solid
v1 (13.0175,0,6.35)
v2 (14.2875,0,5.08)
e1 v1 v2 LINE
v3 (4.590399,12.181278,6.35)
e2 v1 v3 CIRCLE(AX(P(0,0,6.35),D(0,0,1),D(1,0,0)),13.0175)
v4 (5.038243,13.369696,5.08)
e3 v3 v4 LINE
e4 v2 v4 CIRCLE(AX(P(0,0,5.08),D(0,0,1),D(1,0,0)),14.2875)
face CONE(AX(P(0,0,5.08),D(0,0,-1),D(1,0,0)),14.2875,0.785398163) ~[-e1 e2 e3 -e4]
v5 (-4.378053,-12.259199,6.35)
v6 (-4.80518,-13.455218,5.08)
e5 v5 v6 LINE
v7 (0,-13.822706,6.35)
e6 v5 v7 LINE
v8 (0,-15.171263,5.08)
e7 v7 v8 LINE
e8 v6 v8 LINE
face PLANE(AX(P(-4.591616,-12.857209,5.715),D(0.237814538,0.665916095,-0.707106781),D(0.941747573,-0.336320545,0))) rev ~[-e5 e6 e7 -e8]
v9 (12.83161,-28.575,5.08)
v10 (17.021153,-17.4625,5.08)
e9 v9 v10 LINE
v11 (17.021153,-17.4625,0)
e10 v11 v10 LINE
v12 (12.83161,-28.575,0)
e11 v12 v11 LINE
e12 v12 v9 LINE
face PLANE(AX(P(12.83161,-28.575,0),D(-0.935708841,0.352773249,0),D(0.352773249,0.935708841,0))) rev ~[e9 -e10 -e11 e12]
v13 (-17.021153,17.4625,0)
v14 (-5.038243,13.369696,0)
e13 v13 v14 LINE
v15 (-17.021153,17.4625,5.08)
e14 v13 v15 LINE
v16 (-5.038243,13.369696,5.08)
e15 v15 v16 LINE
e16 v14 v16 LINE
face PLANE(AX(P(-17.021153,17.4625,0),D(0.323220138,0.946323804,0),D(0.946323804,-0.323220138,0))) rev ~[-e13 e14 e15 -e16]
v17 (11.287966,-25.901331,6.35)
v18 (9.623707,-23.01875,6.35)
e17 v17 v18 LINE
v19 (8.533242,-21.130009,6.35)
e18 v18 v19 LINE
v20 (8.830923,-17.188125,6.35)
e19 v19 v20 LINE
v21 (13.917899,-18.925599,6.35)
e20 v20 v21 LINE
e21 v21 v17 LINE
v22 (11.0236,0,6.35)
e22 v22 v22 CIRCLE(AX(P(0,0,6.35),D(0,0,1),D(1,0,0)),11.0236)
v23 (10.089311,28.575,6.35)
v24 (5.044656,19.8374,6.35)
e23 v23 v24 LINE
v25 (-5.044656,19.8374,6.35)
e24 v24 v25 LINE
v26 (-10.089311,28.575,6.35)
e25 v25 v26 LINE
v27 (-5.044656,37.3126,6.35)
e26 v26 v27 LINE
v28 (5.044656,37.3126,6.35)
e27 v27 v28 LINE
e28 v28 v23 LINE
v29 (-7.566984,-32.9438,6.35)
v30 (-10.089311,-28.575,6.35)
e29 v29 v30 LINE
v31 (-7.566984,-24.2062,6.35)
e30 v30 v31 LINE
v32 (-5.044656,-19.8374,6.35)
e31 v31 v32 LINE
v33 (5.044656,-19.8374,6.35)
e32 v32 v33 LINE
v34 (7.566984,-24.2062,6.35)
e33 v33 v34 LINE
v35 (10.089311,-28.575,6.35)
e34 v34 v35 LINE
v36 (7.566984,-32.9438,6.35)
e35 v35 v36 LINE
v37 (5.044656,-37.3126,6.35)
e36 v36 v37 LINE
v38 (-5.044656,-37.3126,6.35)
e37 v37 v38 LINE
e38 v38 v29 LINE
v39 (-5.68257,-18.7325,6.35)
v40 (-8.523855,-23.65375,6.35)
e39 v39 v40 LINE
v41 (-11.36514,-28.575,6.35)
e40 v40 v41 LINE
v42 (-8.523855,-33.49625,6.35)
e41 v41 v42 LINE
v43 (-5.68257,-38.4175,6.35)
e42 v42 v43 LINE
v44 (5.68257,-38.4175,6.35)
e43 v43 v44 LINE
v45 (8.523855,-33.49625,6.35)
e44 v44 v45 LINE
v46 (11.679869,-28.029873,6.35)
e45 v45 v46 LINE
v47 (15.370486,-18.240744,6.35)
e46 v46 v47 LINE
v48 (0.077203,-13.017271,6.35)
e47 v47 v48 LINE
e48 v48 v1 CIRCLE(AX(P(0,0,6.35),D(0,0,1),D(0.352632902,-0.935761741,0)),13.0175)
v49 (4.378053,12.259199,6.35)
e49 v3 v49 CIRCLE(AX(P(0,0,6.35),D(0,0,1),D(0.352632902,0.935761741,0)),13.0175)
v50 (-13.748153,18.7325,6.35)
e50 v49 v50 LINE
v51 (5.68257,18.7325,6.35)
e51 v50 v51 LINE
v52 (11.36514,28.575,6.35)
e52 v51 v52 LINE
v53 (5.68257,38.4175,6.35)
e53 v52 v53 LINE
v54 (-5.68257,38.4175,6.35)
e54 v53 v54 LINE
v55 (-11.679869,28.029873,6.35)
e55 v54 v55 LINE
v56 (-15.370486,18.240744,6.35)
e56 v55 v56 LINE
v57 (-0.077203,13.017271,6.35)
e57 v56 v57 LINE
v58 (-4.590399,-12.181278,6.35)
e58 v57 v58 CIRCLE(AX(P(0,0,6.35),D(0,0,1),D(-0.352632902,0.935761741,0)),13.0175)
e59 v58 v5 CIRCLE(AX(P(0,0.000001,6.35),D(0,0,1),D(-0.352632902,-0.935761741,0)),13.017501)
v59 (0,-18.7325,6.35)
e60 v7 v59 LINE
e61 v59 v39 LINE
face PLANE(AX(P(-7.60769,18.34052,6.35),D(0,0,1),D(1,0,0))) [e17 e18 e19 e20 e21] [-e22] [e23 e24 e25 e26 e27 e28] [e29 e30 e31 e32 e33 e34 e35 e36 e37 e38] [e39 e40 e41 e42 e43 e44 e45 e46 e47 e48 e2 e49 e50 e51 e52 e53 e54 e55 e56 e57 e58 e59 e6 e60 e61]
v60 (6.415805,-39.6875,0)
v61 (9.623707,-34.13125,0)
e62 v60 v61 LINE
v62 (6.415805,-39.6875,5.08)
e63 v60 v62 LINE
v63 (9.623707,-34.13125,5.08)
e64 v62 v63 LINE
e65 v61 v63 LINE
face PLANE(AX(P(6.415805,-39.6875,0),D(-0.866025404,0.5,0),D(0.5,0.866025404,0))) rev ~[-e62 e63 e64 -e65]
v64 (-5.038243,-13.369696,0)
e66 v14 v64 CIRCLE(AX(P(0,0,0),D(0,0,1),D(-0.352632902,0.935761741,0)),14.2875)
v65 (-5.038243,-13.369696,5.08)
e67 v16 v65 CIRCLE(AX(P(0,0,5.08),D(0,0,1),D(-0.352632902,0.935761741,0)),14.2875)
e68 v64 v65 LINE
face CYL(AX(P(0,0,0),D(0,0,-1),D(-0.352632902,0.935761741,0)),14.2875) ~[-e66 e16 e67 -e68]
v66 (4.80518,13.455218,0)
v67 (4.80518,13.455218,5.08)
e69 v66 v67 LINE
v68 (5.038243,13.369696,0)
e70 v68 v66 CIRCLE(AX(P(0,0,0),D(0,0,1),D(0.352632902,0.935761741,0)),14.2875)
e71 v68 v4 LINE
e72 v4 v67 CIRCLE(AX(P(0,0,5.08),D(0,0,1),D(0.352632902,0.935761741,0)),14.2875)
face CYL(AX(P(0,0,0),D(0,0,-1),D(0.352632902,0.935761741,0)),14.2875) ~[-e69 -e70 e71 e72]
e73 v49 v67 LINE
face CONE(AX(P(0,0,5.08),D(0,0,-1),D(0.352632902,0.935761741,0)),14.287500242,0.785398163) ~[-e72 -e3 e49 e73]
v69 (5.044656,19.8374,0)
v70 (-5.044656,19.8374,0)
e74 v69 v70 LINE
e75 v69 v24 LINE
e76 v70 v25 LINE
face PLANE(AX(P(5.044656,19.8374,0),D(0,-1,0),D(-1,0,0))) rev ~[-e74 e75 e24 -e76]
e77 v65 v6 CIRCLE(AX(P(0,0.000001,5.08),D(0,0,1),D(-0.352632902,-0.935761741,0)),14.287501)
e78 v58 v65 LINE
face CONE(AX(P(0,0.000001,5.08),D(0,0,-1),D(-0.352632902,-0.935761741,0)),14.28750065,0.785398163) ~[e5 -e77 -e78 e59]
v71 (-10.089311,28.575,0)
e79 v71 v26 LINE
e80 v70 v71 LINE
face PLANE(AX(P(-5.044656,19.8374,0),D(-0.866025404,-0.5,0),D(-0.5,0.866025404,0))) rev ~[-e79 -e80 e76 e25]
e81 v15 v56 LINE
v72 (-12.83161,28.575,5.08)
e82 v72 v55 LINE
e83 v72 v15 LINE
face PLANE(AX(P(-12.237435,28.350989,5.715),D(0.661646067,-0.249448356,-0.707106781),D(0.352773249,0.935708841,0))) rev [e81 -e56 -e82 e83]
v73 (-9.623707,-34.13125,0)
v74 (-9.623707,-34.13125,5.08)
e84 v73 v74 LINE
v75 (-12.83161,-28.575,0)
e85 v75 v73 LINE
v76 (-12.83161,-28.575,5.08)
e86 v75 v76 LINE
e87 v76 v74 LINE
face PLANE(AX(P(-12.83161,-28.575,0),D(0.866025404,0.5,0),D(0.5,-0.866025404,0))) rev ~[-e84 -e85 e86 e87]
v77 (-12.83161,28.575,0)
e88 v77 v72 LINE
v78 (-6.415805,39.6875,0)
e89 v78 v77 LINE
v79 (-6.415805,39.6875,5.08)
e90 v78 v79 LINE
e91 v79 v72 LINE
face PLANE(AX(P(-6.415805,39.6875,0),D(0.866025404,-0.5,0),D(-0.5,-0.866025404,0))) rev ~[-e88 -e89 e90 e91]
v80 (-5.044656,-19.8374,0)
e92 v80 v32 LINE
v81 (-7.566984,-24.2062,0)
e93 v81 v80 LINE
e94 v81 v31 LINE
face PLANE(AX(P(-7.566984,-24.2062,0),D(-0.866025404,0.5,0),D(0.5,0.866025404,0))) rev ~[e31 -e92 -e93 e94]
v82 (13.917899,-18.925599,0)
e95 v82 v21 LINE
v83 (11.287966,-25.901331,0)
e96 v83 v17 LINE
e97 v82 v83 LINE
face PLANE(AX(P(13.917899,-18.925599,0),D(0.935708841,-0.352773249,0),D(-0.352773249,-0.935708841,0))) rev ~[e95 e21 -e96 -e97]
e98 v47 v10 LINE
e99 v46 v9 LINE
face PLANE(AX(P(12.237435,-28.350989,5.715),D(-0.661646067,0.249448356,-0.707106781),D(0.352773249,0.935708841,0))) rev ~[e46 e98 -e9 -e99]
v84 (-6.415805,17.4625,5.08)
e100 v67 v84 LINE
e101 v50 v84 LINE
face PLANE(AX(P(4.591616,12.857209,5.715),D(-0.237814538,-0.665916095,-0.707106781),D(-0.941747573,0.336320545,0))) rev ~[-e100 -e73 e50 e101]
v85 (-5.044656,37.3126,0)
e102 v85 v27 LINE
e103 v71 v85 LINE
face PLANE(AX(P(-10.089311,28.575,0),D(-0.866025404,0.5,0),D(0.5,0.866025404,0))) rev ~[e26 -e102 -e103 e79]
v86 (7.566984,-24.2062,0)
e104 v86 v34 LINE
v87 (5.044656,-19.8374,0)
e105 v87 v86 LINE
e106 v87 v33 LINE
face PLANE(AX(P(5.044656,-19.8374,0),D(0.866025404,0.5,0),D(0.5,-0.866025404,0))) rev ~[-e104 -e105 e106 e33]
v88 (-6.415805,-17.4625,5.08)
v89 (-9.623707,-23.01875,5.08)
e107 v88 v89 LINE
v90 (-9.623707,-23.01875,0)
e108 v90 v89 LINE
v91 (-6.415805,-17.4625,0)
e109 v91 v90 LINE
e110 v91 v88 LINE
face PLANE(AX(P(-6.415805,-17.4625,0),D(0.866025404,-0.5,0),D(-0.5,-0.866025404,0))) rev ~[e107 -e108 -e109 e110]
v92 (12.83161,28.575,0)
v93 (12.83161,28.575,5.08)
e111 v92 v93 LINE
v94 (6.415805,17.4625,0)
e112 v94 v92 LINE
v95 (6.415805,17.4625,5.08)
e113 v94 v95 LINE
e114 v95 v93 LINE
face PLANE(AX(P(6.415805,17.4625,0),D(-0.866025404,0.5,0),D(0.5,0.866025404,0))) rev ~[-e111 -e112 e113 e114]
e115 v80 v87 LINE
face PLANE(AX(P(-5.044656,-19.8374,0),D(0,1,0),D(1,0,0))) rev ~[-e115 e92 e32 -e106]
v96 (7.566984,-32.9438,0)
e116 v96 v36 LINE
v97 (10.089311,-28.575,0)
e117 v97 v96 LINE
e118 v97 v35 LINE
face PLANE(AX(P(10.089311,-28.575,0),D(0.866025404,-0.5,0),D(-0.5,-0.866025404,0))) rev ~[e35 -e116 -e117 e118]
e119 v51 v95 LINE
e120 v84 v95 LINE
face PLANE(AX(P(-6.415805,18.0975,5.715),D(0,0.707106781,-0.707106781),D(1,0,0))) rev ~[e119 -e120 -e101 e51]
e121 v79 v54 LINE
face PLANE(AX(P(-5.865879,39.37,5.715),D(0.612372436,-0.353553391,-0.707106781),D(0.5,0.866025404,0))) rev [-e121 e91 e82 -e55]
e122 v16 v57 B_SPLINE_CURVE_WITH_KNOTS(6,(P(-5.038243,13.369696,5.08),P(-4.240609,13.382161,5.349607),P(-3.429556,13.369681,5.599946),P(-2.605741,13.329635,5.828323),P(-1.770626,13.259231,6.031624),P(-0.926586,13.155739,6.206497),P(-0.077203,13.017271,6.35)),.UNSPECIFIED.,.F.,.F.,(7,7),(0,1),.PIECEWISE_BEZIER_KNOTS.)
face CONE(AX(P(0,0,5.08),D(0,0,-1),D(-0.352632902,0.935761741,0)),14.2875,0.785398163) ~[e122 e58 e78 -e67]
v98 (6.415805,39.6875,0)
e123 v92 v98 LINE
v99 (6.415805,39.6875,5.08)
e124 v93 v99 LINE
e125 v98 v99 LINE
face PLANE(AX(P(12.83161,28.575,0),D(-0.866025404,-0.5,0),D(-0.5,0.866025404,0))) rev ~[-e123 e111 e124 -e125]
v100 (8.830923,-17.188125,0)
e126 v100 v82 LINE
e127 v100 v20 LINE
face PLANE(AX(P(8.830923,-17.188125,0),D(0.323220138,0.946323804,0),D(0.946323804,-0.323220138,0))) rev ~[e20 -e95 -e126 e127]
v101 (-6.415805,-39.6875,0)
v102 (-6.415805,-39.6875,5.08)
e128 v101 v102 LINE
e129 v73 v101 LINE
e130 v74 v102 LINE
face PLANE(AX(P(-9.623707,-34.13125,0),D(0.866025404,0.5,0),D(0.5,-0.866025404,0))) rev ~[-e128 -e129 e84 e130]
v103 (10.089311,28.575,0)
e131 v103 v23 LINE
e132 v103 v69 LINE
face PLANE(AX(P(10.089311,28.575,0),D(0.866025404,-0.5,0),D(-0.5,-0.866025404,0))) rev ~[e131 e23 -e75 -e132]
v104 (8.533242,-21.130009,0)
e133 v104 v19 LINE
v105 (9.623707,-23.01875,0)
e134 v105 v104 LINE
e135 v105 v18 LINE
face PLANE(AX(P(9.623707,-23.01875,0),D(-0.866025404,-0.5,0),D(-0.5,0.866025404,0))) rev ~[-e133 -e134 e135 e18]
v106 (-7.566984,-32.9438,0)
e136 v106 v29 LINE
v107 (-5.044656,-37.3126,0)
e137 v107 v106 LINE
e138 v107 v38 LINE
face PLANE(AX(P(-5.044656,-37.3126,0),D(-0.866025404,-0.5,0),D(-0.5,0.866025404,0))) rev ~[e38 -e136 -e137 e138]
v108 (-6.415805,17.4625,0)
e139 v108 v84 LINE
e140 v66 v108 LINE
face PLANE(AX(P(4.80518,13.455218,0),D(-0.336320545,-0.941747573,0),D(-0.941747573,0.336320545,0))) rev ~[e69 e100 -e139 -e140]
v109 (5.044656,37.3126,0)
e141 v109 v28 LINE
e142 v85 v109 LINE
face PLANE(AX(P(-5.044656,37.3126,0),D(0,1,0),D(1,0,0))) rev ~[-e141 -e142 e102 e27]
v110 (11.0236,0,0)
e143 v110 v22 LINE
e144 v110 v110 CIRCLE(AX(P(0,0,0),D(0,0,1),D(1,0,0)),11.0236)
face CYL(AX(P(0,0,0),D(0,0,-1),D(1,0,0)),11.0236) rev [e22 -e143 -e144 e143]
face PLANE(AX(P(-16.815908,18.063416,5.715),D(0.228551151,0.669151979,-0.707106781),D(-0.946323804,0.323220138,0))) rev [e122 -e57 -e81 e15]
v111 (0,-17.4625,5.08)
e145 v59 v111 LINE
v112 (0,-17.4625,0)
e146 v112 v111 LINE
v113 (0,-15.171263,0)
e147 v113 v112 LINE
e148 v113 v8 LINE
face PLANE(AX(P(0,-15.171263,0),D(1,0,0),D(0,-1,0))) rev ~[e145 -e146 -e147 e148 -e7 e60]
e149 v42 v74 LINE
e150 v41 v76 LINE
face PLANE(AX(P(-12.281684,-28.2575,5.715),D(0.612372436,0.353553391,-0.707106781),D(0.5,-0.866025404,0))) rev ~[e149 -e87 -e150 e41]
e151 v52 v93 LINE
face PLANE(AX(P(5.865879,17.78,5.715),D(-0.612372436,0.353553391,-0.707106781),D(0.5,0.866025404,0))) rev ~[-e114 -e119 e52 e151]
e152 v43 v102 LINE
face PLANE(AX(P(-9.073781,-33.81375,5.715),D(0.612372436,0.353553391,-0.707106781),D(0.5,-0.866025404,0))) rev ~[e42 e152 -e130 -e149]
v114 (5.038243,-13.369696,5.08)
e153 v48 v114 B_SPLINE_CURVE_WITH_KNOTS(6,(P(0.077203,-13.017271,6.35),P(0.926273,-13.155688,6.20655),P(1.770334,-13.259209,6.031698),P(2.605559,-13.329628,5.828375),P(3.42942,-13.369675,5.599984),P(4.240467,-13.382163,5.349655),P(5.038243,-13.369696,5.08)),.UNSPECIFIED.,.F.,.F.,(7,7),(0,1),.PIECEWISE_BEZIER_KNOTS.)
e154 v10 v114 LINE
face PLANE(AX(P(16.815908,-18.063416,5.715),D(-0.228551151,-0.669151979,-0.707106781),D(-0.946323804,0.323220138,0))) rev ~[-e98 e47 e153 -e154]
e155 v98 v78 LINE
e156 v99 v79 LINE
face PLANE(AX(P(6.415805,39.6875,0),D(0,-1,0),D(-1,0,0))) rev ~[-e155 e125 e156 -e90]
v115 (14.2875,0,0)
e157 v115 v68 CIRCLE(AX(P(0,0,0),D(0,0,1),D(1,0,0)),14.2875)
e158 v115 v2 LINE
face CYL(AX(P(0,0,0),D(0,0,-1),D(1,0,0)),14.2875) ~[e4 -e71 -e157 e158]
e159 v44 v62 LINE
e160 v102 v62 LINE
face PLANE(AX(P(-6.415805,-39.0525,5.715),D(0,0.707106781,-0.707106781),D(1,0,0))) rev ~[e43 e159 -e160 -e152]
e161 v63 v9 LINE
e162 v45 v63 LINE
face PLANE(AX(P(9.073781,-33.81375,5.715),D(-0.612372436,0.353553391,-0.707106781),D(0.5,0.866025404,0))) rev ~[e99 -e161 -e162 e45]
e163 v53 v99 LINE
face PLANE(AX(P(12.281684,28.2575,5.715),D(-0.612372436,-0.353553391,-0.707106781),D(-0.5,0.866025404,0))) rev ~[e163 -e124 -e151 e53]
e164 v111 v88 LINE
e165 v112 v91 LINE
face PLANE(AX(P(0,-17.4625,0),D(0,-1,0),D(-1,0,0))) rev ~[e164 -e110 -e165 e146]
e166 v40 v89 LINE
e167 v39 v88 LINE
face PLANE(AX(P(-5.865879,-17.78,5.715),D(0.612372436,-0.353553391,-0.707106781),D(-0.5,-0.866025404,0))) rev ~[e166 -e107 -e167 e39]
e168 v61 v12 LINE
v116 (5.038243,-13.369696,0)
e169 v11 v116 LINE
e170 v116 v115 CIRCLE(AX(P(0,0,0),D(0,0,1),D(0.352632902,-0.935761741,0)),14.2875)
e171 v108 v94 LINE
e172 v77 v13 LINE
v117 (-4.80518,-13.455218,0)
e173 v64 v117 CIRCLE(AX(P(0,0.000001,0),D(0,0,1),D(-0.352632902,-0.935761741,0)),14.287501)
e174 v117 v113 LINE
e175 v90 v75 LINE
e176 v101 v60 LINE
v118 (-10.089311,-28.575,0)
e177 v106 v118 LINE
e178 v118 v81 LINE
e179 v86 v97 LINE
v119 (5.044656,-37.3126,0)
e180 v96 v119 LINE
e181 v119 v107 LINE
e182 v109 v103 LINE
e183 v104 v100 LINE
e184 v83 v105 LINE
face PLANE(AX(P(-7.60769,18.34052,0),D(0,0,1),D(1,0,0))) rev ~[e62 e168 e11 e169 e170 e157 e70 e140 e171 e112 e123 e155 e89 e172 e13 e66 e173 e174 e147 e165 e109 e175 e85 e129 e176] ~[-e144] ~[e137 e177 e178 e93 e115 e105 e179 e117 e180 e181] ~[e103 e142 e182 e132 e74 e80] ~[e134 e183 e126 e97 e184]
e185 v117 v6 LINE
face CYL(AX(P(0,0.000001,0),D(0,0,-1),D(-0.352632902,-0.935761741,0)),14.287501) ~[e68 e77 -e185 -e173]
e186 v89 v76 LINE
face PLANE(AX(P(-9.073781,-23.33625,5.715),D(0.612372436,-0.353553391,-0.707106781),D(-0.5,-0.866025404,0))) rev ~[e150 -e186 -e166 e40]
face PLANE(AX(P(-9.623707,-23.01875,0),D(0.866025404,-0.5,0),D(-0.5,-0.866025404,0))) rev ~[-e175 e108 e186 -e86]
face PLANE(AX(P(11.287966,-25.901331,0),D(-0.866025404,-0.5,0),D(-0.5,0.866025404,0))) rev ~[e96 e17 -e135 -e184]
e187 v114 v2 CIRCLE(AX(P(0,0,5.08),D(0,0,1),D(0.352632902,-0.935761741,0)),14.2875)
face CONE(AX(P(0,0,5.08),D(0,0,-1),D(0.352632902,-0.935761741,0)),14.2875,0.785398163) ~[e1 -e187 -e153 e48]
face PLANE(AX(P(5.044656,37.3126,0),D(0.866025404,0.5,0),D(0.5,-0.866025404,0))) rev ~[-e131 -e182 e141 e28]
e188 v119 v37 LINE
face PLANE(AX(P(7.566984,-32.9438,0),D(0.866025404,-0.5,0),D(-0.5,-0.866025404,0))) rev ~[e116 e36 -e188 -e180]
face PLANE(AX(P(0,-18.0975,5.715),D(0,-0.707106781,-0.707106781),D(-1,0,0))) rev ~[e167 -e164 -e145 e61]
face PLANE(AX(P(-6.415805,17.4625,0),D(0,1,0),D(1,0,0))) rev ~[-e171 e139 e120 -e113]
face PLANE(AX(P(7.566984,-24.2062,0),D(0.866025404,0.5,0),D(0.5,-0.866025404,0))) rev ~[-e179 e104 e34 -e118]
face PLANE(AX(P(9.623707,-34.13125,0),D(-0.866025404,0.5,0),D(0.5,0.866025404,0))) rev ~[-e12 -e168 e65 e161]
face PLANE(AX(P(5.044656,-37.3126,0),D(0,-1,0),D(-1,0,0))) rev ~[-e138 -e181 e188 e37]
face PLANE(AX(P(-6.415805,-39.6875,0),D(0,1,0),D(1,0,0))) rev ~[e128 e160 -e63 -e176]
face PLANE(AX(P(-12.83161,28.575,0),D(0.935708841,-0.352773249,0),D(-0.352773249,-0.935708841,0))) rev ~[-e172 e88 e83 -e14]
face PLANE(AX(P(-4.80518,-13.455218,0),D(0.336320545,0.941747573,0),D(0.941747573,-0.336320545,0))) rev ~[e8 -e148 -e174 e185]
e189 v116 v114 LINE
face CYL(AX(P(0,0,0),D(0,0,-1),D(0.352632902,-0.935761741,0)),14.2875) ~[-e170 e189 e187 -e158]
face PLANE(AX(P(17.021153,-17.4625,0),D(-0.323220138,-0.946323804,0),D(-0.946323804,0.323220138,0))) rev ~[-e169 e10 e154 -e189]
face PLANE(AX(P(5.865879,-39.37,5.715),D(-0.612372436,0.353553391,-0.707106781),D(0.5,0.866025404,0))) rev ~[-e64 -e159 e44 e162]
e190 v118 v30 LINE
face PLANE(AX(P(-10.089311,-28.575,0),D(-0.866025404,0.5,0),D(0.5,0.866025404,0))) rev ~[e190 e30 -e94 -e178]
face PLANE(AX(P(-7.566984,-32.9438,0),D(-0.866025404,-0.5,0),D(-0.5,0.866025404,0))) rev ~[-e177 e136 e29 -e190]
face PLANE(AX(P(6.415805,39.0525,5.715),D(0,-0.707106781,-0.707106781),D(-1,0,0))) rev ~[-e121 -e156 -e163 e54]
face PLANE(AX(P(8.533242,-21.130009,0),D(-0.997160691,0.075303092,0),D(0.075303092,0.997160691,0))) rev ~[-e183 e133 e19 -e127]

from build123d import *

# Parameters (mm, degrees)
F2_DEPTH = 6.35
F1_R     = 11.0236
F3_DEPTH = 6.35
F4_SIZE  = 1.27


with BuildPart() as f2:
    # F0 (on Top) → F2 (new body)
    with BuildSketch(Plane.XY):
        Polygon((-6.4158048664, 17.4625), (6.4158048664, 17.4625), (12.8316097327, 28.575), (6.4158048664, 39.6875), (-6.4158048664, 39.6875), (-12.8316097327, 28.575), align=None)
        Polygon((10.0893114241, 28.575), (5.0446557121, 19.8374), (-5.0446557121, 19.8374), (-10.0893114241, 28.575), (-5.0446557121, 37.3126), (5.0446557121, 37.3126), align=None, mode=Mode.SUBTRACT)
    extrude(amount=F2_DEPTH)

    # F1 (on face) → F3 (join)
    with BuildSketch(Plane.XY):
        with BuildLine():
            Line((-6.4158048664, 17.4625), (-9.6237072152, 23.0187498538))
            Line((-9.6237072152, 23.0187498538), (-12.8316097327, 28.575))
            Line((-12.8316097327, 28.575), (-17.0211530549, 17.4625))
            Line((-17.0211530549, 17.4625), (-5.038242593, 13.3696958763))
            ThreePointArc((-5.038242593, 13.3696958763), (-0.124129265, 14.2869607746), (4.8051799463, 13.4552183904))
            Line((4.8051799463, 13.4552183904), (-6.4158048664, 17.4625))
        make_face()
        with BuildLine():
            ThreePointArc((5.038242593, 13.3696958763), (4.9218970272, 13.4129633528), (4.8051799463, 13.4552183904))
            ThreePointArc((4.8051799463, 13.4552183904), (-0.124129265, 14.2869607746), (-5.038242593, 13.3696958763))
            Line((-5.038242593, 13.3696958763), (5.038242593, 13.3696958763))
        make_face()
        with BuildLine():
            Line((5.038242593, 13.3696958763), (-5.038242593, 13.3696958763))
            ThreePointArc((-5.038242593, 13.3696958763), (-14.2875, 0), (-5.038242593, -13.3696958763))
            Line((-5.038242593, -13.3696958763), (5.038242593, -13.3696958763))
            ThreePointArc((5.038242593, -13.3696958763), (11.7498201539, -8.1286150482), (14.2875, 0))
            ThreePointArc((14.2875, 0), (11.7498201539, 8.1286150482), (5.038242593, 13.3696958763))
        make_face()
        Circle(F1_R, mode=Mode.SUBTRACT)
        with BuildLine():
            Line((5.038242593, -13.3696958763), (-5.038242593, -13.3696958763))
            ThreePointArc((-5.038242593, -13.3696958763), (-4.9218969503, -13.412963381), (-4.805179792, -13.4552184455))
            ThreePointArc((-4.805179792, -13.4552184455), (0.1241293469, -14.2869607739), (5.038242593, -13.3696958763))
        make_face()
        with BuildLine():
            ThreePointArc((5.038242593, -13.3696958763), (0.1241293469, -14.2869607739), (-4.805179792, -13.4552184455))
            Line((-4.805179792, -13.4552184455), (0, -15.1712628866))
            Line((0, -15.1712628866), (6.4158048664, -17.4625))
            Line((6.4158048664, -17.4625), (8.5332421601, -21.1300089747))
            Line((8.5332421601, -21.1300089747), (8.8309233846, -17.1881254571))
            Line((8.8309233846, -17.1881254571), (13.9178989278, -18.9255993827))
            Line((13.9178989278, -18.9255993827), (11.2879660769, -25.9013307593))
            Line((11.2879660769, -25.9013307593), (12.8316097327, -28.575))
            Line((12.8316097327, -28.575), (17.0211530549, -17.4625))
            Line((17.0211530549, -17.4625), (5.038242593, -13.3696958763))
        make_face()
        with BuildLine():
            Line((6.4158048664, -39.6875), (9.6237072578, -34.1312500723))
            ThreePointArc((9.6237072578, -34.1312500723), (5.5562499639, -38.1987073204), (0, -39.6875))
            Line((0, -39.6875), (6.4158048664, -39.6875))
        make_face()
        with BuildLine():
            ThreePointArc((9.6237071905, -23.0187498111), (5.5562499055, -18.9512926459), (0, -17.4625))
            ThreePointArc((0, -17.4625), (-5.556249932, -18.9512926612), (-9.623707221, -23.018749864))
            ThreePointArc((-9.623707221, -23.018749864), (-11.1125, -28.5750000026), (-9.6237072184, -34.1312501405))
            ThreePointArc((-9.6237072184, -34.1312501405), (-5.5562499298, -38.1987073401), (0, -39.6875))
            ThreePointArc((0, -39.6875), (5.5562499639, -38.1987073204), (9.6237072578, -34.1312500723))
            ThreePointArc((9.6237072578, -34.1312500723), (10.7338507338, -31.451126679), (11.1125, -28.575))
            ThreePointArc((11.1125, -28.575), (10.7338507164, -25.6988732559), (9.6237071905, -23.0187498111))
        make_face()
        Polygon((0, -19.8374), (5.0446557121, -19.8374), (7.5669837696, -24.2062003489), (10.0893114241, -28.575), (7.5669837791, -32.9437996345), (5.0446557121, -37.3126), (0, -37.3126), (-5.0446557121, -37.3126), (-7.5669835677, -32.9438000008), (-10.0893114241, -28.575), (-7.5669835463, -24.2061999623), (-5.0446557121, -19.8374), align=None, mode=Mode.SUBTRACT)
        with BuildLine():
            Line((9.6237072578, -34.1312500723), (12.8316097327, -28.575))
            Line((12.8316097327, -28.575), (11.2879660769, -25.9013307593))
            Line((11.2879660769, -25.9013307593), (9.6237071905, -23.0187498111))
            ThreePointArc((9.6237071905, -23.0187498111), (10.7338507164, -25.6988732559), (11.1125, -28.575))
            ThreePointArc((11.1125, -28.575), (10.7338507338, -31.451126679), (9.6237072578, -34.1312500723))
        make_face()
        with BuildLine():
            ThreePointArc((0, -39.6875), (-5.5562499298, -38.1987073401), (-9.6237072184, -34.1312501405))
            Line((-9.6237072184, -34.1312501405), (-6.4158048664, -39.6875))
            Line((-6.4158048664, -39.6875), (0, -39.6875))
        make_face()
        with BuildLine():
            ThreePointArc((-9.6237072184, -34.1312501405), (-11.1125, -28.5750000026), (-9.623707221, -23.018749864))
            Line((-9.623707221, -23.018749864), (-12.8316097327, -28.575))
            Line((-12.8316097327, -28.575), (-9.6237072184, -34.1312501405))
        make_face()
        with BuildLine():
            ThreePointArc((-9.623707221, -23.018749864), (-5.556249932, -18.9512926612), (0, -17.4625))
            Line((0, -17.4625), (-6.4158048664, -17.4625))
            Line((-6.4158048664, -17.4625), (-9.623707221, -23.018749864))
        make_face()
        with BuildLine():
            Line((8.5332421601, -21.1300089747), (6.4158048664, -17.4625))
            Line((6.4158048664, -17.4625), (0, -17.4625))
            ThreePointArc((0, -17.4625), (5.5562499055, -18.9512926459), (9.6237071905, -23.0187498111))
            Line((9.6237071905, -23.0187498111), (8.5332421601, -21.1300089747))
        make_face()
        Polygon((6.4158048664, -17.4625), (0, -15.1712628866), (0, -17.4625), align=None)
    extrude(amount=F3_DEPTH)

    # F4
    f4_edges = [f2.edges().sort_by_distance(p)[0] for p in [
        (-11.029698, 15.416098, 6.35),
        (-14.926381, 23.01875, 6.35),
        (-9.623707, 34.13125, 6.35),
        (0, 39.6875, 6.35),
        (9.623707, 34.13125, 6.35),
        (9.623707, 23.01875, 6.35),
        (0, 17.4625, 6.35),
        (-0.805312, 15.458859, 6.35),
        (14.286961, 0.124129, 6.35),
        (-14.286961, -0.124129, 6.35),
        (9.623707, -34.13125, 6.35),
        (0, -39.6875, 6.35),
        (-9.623707, -34.13125, 6.35),
        (-9.623707, -23.01875, 6.35),
        (-3.207902, -17.4625, 6.35),
        (14.926381, -23.01875, 6.35),
        (11.029698, -15.416098, 6.35),
        (-2.40259, -14.313241, 6.35),
    ]]
    chamfer(f4_edges, length=F4_SIZE)


solid = f2.part
